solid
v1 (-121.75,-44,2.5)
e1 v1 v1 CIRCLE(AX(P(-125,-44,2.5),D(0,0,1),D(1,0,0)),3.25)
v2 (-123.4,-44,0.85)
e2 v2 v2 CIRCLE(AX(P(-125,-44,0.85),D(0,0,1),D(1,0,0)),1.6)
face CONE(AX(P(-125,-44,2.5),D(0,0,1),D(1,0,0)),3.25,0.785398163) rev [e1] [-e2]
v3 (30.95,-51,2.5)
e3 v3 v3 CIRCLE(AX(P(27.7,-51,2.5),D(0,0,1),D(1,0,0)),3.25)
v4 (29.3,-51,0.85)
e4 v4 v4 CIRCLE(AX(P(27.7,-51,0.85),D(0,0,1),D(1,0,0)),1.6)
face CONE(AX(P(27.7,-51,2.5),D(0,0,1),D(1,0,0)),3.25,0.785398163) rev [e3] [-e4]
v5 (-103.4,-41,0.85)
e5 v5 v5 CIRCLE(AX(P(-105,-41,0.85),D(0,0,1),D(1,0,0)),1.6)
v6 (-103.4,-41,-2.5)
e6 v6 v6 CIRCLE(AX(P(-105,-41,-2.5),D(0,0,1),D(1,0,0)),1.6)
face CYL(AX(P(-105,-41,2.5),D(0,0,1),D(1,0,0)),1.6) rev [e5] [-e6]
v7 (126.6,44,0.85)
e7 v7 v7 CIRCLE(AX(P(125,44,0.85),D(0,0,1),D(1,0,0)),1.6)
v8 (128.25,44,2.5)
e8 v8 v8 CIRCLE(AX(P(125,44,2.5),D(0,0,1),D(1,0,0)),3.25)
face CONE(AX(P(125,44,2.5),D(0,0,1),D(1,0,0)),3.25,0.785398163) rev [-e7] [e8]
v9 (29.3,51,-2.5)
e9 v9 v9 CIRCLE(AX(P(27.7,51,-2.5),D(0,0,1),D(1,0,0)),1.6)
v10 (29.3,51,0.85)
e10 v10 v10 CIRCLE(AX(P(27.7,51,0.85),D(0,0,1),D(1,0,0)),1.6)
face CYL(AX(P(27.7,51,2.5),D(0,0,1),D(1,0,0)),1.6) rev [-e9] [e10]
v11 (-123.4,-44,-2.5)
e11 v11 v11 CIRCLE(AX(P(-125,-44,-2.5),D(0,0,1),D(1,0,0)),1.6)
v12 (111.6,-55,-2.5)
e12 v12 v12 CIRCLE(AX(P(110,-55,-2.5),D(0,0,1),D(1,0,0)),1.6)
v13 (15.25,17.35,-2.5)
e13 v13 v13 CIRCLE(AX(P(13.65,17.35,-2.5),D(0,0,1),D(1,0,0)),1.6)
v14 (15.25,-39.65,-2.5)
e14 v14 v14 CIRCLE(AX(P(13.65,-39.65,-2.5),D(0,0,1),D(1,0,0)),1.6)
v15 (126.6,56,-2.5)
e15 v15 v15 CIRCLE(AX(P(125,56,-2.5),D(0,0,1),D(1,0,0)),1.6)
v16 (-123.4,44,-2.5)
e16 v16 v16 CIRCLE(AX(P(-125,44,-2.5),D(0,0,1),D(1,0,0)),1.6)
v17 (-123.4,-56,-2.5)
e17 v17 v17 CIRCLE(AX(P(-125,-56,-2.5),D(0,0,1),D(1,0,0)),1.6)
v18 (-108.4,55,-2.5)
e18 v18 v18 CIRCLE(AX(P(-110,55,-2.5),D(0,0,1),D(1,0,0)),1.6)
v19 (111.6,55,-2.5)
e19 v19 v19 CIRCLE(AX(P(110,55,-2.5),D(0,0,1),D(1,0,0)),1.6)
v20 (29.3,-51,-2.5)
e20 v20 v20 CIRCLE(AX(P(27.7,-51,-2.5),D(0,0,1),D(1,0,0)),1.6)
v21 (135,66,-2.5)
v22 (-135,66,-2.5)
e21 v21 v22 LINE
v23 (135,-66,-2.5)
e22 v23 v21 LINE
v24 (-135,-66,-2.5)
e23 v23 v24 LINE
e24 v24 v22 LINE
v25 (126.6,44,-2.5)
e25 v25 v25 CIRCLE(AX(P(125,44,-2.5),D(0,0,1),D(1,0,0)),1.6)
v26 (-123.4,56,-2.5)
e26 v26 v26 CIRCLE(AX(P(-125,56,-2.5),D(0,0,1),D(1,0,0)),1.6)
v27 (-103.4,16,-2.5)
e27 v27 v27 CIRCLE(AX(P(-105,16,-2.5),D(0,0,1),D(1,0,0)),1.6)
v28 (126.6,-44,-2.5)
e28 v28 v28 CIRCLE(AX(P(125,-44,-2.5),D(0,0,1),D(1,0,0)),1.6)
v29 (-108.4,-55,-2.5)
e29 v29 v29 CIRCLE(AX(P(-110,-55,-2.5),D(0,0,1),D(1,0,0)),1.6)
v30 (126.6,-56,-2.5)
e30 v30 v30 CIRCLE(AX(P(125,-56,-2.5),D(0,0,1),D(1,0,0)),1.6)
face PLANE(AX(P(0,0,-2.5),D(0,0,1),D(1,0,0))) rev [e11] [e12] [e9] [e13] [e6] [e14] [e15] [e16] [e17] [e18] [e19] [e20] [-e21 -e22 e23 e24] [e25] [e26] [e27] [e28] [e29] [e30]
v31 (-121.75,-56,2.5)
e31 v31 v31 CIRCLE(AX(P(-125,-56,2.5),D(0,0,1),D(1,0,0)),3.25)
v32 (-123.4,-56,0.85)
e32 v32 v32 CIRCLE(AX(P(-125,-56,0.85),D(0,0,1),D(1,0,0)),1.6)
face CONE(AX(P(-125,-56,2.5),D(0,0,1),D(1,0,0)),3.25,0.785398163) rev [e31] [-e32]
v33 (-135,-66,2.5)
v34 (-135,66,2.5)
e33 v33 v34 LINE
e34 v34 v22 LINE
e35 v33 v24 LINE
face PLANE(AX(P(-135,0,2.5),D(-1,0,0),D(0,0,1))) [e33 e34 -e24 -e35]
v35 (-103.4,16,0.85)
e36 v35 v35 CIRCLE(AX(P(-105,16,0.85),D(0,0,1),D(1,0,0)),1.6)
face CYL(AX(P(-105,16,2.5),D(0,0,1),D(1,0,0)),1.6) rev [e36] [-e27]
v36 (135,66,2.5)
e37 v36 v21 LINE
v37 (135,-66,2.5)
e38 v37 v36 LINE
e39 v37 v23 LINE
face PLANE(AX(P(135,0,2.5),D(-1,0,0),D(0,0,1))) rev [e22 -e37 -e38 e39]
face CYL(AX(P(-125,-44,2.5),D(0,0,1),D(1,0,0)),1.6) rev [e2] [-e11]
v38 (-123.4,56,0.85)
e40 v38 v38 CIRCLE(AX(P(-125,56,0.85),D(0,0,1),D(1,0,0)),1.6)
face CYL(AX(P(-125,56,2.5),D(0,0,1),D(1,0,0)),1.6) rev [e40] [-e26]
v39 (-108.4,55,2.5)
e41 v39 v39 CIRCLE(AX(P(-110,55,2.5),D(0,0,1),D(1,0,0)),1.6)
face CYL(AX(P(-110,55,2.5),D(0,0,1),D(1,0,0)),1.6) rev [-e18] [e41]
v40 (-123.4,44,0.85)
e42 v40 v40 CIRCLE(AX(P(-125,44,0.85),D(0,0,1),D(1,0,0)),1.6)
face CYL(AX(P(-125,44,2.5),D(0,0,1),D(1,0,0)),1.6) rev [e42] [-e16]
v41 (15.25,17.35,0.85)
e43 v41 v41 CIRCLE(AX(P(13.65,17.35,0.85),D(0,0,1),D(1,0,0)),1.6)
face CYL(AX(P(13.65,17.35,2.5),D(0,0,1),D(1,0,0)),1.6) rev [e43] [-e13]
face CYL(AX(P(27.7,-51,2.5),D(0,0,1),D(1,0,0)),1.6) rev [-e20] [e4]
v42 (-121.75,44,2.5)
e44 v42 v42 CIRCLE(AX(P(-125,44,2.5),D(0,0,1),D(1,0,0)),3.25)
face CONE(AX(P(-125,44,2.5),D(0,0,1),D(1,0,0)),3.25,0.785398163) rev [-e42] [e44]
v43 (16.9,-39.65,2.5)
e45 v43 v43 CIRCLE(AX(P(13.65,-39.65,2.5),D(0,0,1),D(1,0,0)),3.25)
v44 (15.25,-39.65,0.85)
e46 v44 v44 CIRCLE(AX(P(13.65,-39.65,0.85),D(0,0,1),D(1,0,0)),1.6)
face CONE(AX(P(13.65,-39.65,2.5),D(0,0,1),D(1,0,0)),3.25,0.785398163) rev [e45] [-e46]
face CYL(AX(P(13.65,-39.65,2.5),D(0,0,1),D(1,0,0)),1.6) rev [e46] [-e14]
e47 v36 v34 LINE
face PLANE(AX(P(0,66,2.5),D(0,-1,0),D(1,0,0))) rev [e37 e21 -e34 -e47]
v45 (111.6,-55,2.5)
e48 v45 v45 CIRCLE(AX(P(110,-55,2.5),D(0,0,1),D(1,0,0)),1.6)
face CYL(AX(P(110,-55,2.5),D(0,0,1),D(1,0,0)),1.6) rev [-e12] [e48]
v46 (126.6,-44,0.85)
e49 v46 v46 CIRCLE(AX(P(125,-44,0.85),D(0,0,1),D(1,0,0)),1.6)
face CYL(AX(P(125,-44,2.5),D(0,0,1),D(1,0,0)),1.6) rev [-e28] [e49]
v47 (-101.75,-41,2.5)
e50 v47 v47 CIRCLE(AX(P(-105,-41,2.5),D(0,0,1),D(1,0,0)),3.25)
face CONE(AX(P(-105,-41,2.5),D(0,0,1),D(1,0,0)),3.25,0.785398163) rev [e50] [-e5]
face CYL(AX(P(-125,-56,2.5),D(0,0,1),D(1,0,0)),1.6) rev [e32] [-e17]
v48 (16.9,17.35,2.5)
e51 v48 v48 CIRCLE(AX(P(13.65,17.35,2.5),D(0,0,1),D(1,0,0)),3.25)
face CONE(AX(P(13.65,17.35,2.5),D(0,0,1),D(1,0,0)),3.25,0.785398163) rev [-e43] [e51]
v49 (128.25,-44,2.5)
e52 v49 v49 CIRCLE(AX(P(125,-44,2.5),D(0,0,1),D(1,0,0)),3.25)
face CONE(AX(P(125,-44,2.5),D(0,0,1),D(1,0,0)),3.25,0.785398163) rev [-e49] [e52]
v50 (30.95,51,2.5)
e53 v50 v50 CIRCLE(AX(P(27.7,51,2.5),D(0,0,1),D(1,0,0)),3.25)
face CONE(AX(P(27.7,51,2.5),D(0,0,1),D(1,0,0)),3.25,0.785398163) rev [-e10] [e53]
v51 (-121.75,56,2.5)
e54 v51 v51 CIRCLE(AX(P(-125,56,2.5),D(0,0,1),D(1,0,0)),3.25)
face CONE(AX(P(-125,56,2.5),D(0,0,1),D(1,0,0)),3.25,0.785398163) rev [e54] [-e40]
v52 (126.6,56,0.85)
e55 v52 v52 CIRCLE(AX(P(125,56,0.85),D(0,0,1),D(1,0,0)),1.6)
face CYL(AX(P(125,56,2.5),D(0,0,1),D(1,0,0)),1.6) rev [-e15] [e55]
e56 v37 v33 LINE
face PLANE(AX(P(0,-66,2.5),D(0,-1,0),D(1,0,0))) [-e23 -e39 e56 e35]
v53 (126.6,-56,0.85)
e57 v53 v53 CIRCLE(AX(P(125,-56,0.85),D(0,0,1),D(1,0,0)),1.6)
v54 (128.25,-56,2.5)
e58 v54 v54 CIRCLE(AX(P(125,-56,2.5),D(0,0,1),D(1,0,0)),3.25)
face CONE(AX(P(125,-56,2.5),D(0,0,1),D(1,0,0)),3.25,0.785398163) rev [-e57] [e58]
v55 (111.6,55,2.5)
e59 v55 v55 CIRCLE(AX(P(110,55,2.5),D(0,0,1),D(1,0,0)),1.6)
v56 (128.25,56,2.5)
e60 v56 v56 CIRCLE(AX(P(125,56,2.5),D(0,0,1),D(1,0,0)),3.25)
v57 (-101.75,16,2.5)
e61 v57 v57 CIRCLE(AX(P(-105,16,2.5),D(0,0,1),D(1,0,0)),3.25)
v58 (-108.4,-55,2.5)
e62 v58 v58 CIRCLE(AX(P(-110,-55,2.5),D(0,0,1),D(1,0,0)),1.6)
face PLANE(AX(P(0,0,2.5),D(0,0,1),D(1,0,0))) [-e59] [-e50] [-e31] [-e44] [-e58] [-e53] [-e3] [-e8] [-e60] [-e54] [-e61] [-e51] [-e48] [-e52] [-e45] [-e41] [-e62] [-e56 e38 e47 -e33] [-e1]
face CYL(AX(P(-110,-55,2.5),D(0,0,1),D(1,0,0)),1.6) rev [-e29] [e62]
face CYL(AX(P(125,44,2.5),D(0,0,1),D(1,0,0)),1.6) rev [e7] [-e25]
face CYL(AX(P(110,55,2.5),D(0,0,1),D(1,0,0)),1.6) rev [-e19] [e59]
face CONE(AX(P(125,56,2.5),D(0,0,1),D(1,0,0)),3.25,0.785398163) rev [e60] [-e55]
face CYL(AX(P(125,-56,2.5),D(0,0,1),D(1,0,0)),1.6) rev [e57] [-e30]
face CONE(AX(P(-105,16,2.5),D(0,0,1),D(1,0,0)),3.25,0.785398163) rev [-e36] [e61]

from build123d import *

# Parameters (mm, degrees)
SKETCH1_W                            = 270
SKETCH1_H                            = 132
SHEET_DEPTH                          = 2.5
F_3_2_3_2_WALLMOUNTHOLES_D           = 3.2
F_3_2_3_2_WALLMOUNTHOLES_CSINK_D     = 6.5
F_3_2_3_2_WALLMOUNTHOLES_CSINK_ANGLE = 90
F_3_2_3_2_FEETMOUNTHOLES_D           = 3.2
F_3_2_3_2_PSUHOLES_D                 = 3.2
F_3_2_3_2_PSUHOLES_CSINK_D           = 6.5
F_3_2_3_2_PSUHOLES_CSINK_ANGLE       = 90


with BuildPart() as part:
    # Sketch1 → Sheet (new body, symmetric)
    with BuildSketch(Plane.XY):
        Rectangle(SKETCH1_W, SKETCH1_H)
    extrude(amount=SHEET_DEPTH, both=True)

    # Ø3.2 (3.2) WallMountHoles (through all)
    with Locations(Plane.XY.offset(2.5)):
        with Locations((-125, 56), (-125, 44), (-125, -44), (-125, -56), (125, -56), (125, -44), (125, 44), (125, 56), (27.7, -51), (27.7, 51)):
            CounterSinkHole(F_3_2_3_2_WALLMOUNTHOLES_D / 2, F_3_2_3_2_WALLMOUNTHOLES_CSINK_D / 2, counter_sink_angle=F_3_2_3_2_WALLMOUNTHOLES_CSINK_ANGLE)

    # Ø3.2 (3.2) FeetMountHoles (through all)
    with Locations(Plane.XY.offset(2.5)):
        with Locations((110, 55), (-110, 55), (-110, -55), (110, -55)):
            Hole(F_3_2_3_2_FEETMOUNTHOLES_D / 2)

    # Ø3.2 (3.2) PSUHoles (through all)
    with Locations(Plane.XY.offset(2.5)):
        with Locations((13.65, -39.65), (-105, 16), (13.65, 17.35), (-105, -41)):
            CounterSinkHole(F_3_2_3_2_PSUHOLES_D / 2, F_3_2_3_2_PSUHOLES_CSINK_D / 2, counter_sink_angle=F_3_2_3_2_PSUHOLES_CSINK_ANGLE)


solid = part.part
